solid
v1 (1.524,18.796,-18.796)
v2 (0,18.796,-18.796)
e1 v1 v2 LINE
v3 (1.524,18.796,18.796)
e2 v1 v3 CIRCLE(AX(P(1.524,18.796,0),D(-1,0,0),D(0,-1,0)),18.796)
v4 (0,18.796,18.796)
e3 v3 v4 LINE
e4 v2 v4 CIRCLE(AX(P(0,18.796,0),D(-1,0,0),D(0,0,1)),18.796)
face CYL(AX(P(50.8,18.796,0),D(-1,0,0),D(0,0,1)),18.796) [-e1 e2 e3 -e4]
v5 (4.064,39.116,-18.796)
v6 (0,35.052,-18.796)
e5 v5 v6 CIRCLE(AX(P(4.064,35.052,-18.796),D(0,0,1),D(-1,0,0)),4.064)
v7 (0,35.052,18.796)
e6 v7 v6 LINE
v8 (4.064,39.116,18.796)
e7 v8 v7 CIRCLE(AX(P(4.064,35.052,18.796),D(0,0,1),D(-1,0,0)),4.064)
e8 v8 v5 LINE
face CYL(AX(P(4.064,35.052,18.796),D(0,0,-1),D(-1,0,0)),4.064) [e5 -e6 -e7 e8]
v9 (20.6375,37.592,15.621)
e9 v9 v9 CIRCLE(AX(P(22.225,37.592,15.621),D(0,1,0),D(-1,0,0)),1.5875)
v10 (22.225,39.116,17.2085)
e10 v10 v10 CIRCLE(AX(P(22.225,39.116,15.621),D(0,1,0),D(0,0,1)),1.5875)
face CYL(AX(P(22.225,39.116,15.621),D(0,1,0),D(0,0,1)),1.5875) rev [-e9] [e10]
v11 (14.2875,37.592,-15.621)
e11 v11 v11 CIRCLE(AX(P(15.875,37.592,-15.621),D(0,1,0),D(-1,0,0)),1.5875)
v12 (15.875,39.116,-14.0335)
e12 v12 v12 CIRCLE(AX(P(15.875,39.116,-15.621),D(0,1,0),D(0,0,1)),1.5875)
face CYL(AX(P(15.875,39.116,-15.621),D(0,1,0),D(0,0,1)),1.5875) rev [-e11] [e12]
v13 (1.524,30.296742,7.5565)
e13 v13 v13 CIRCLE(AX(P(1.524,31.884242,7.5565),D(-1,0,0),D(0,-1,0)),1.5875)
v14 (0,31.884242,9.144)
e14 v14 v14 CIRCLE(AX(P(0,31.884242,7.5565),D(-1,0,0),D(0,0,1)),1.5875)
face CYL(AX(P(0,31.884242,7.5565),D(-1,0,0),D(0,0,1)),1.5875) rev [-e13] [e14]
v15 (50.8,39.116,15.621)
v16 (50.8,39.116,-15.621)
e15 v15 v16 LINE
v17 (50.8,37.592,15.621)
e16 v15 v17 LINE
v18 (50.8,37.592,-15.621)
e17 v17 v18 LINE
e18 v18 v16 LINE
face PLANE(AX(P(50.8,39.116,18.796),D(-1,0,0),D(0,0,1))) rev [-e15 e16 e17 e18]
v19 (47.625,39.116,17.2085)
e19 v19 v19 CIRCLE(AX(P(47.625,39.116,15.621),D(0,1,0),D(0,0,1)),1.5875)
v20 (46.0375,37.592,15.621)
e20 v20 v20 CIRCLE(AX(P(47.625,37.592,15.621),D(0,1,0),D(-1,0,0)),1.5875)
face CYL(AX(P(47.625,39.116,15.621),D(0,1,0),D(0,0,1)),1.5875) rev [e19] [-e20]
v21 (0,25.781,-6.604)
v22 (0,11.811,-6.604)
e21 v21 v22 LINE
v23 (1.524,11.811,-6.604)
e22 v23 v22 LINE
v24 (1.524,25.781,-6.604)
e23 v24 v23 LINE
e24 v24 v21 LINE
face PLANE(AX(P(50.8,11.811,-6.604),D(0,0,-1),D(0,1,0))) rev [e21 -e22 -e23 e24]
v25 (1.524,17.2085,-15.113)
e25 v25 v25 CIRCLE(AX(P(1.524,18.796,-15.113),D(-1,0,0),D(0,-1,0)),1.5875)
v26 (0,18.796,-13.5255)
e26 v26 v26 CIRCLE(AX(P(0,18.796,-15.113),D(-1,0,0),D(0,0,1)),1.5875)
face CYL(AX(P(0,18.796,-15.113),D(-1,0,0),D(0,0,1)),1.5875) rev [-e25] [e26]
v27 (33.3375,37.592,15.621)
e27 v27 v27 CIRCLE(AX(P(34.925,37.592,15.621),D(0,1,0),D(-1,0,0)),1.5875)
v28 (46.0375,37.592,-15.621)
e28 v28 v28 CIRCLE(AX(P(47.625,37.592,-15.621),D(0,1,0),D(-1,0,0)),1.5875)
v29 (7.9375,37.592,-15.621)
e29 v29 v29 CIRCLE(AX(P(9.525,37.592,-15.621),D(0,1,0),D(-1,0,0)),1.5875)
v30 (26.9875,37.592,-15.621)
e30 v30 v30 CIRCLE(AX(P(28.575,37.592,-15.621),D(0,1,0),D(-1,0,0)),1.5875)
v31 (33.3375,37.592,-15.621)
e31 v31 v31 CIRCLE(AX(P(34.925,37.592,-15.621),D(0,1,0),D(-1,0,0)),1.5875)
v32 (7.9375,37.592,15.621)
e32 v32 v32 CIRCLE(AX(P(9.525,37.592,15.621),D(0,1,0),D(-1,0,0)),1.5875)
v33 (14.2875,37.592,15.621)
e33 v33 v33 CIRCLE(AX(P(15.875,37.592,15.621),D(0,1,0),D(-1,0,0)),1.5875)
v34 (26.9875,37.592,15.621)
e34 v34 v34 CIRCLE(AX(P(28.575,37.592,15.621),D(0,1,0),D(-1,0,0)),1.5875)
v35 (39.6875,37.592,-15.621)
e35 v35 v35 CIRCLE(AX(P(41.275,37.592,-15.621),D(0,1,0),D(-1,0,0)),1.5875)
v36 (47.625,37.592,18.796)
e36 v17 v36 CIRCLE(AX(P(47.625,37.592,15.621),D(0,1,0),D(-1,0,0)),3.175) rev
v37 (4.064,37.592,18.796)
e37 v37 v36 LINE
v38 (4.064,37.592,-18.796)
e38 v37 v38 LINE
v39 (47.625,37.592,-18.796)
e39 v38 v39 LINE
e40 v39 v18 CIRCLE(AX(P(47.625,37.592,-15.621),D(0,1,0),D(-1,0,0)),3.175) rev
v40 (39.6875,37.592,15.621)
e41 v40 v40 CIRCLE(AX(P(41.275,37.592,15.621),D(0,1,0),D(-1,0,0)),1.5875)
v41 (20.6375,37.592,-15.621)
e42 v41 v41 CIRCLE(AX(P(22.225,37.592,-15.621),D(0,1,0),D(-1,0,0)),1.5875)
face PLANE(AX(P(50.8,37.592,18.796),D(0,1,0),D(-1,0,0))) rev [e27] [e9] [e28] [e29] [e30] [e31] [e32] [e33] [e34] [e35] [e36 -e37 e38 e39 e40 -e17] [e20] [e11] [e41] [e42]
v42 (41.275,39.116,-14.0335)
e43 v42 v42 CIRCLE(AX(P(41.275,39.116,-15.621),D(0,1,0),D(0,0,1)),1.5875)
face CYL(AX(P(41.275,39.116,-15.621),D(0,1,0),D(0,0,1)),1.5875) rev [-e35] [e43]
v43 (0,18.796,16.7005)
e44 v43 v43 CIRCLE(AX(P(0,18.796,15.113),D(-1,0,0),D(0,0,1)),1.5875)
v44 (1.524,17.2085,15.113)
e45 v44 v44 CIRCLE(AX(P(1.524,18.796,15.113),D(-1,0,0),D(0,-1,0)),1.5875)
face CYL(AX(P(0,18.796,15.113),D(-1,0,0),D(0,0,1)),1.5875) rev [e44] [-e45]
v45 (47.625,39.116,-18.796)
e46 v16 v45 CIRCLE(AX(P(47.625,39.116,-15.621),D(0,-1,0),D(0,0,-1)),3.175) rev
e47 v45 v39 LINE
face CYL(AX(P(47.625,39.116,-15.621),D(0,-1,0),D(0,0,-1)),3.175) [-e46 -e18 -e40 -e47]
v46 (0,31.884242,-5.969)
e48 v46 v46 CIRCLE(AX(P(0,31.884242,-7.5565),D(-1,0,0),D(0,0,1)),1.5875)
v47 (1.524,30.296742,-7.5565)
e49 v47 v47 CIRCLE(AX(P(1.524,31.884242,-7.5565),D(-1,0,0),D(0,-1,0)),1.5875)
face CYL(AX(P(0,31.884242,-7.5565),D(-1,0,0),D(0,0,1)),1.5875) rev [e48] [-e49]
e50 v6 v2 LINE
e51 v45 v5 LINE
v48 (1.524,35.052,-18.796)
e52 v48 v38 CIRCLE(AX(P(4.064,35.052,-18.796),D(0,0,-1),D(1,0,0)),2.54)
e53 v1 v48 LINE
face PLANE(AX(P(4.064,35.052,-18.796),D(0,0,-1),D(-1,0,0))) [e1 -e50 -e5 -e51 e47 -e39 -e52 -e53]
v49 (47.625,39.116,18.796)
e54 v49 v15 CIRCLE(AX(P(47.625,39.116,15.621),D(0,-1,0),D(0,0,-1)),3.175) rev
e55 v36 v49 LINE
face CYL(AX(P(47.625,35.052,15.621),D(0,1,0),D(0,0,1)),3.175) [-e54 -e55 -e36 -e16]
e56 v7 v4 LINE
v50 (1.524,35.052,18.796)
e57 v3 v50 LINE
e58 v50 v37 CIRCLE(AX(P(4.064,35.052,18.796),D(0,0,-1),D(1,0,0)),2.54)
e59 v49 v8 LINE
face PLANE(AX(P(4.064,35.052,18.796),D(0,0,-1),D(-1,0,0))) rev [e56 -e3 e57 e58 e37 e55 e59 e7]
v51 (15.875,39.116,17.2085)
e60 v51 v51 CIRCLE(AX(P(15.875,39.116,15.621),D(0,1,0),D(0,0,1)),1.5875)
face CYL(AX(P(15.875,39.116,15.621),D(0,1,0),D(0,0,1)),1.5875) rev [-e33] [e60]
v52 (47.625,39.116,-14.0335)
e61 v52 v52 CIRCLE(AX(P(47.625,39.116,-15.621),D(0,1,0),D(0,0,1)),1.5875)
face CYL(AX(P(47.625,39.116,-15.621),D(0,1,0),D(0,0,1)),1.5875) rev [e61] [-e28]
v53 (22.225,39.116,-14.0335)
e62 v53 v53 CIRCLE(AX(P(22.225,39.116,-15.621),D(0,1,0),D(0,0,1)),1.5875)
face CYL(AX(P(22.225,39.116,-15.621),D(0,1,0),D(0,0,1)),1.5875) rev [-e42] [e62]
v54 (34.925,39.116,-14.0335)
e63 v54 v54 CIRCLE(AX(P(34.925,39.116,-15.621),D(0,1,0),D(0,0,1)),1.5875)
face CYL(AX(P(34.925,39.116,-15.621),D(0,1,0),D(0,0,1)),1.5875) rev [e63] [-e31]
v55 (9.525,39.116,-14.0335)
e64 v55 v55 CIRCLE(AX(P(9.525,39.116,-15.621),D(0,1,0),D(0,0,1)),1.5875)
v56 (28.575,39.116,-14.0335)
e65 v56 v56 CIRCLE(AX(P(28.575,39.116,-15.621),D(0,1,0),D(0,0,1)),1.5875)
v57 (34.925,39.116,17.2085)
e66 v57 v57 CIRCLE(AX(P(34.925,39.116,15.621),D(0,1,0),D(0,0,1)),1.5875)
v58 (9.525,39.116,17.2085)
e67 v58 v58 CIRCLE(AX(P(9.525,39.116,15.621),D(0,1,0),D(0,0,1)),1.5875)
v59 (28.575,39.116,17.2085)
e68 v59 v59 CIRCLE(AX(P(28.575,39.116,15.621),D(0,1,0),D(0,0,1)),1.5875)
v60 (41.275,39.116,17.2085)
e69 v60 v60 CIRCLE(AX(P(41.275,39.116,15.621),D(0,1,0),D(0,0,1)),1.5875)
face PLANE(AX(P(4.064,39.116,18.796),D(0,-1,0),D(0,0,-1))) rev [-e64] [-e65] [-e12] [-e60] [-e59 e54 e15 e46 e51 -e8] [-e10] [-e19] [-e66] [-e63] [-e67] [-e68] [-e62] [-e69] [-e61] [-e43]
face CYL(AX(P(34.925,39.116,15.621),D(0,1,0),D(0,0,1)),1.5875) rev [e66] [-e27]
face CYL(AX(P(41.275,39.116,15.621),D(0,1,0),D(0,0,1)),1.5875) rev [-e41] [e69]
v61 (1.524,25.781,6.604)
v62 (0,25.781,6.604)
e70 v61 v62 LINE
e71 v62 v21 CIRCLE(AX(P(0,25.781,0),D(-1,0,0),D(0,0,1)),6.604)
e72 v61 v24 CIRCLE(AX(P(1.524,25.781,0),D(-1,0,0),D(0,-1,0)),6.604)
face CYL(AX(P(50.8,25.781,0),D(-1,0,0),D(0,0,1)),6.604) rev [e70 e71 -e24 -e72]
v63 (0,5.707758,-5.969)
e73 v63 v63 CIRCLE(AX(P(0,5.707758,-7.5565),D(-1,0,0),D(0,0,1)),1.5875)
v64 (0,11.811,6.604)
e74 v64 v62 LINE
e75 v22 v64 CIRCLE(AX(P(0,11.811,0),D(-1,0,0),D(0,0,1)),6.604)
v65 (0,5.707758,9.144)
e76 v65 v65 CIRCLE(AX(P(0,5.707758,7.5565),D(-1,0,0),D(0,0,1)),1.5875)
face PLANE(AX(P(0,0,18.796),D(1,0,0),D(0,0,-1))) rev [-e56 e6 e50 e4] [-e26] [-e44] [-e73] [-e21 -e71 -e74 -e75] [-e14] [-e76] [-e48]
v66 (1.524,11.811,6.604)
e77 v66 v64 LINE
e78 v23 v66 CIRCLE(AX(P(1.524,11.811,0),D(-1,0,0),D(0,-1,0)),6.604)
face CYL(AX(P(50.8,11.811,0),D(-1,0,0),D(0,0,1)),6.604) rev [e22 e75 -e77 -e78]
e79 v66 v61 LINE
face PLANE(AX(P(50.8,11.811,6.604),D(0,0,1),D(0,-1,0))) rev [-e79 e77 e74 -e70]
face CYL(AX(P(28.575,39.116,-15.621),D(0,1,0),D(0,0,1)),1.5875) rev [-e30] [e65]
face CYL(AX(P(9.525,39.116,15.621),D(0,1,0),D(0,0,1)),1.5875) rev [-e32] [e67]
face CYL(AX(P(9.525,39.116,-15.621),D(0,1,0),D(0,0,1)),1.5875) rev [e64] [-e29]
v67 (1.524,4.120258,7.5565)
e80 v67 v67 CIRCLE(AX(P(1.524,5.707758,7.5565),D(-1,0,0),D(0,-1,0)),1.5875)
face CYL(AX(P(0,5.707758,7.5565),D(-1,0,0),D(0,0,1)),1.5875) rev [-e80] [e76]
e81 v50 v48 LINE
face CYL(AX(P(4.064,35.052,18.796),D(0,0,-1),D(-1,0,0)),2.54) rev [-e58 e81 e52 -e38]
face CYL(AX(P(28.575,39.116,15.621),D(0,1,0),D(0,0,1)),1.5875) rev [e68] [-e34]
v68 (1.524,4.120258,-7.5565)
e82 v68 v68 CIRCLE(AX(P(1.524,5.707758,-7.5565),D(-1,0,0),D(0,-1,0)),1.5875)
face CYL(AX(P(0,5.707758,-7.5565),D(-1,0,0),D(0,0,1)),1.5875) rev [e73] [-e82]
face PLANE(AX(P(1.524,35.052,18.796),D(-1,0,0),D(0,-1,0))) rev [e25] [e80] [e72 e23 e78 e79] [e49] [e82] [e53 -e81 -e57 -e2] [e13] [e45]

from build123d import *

# Parameters (mm, degrees)
BOSS_EXTRUDE1_DEPTH          = 18.796
CUT_EXTRUDE1_DEPTH           = 67.813105541
CUT_EXTRUDE2_DEPTH           = 67.813105541
F_1_8_0_125_DIAMETER_HOLE2_D = 3.175
FILLET1_R                    = 3.175
F_1_8_0_125_DIAMETER_HOLE1_D = 3.175
LPATTERN1_COUNT              = 7
LPATTERN1_PITCH              = 6.35
MIRROR1_COPY_1_D             = 3.175
MIRROR1_COPY_2_D             = 3.175
MIRROR1_COPY_3_D             = 3.175
MIRROR1_COPY_4_D             = 3.175
MIRROR1_COPY_5_D             = 3.175
MIRROR1_COPY_6_D             = 3.175


with BuildPart() as part:
    # Sketch1 → Boss-Extrude1 (new, symmetric)
    with BuildSketch(Plane.XY):
        with BuildLine():
            Line((0, 0), (0, 35.052))
            ThreePointArc((0, 35.052), (1.190318041, 37.925681959), (4.064, 39.116))
            Line((4.064, 39.116), (50.8, 39.116))
            Line((50.8, 39.116), (50.8, 37.592))
            Line((50.8, 37.592), (4.064, 37.592))
            ThreePointArc((4.064, 37.592), (2.267948776, 36.848051224), (1.524, 35.052))
            Line((1.524, 35.052), (1.524, 0))
            Line((1.524, 0), (0, 0))
        make_face()
    extrude(amount=BOSS_EXTRUDE1_DEPTH, both=True)

    # Sketch2 → Cut-Extrude1 (cut, through all)
    with BuildSketch(Plane.ZY):
        with BuildLine():
            ThreePointArc((0, 0), (-13.290779059, 5.505220941), (-18.796, 18.796))
            Line((-18.796, 18.796), (-18.796, 0))
            Line((-18.796, 0), (0, 0))
        make_face()
        with BuildLine():
            ThreePointArc((18.796, 18.796), (13.290779059, 5.505220941), (0, 0))
            Line((0, 0), (18.796, 0))
            Line((18.796, 0), (18.796, 18.796))
        make_face()
    extrude(amount=-CUT_EXTRUDE1_DEPTH, mode=Mode.SUBTRACT)

    # Sketch3 → Cut-Extrude2 (cut, through all)
    with BuildSketch(Plane.ZY):
        with BuildLine():
            Line((-6.604, 11.811), (-6.604, 25.781))
            ThreePointArc((-6.604, 25.781), (0, 32.385), (6.604, 25.781))
            Line((6.604, 25.781), (6.604, 11.811))
            ThreePointArc((6.604, 11.811), (0, 5.207), (-6.604, 11.811))
        make_face()
    extrude(amount=-CUT_EXTRUDE2_DEPTH, mode=Mode.SUBTRACT)

    # 1/8 (0.125) Diameter Hole2 (through all)
    with Locations(Plane(origin=(0, 31.884241927, -7.5565), x_dir=(0, 0, -1), z_dir=(-1, 0, 0))):
        with Locations((0, 0), (-15.113, 0), (-22.6695, 13.088241927), (-15.113, 26.176483854), (0, 26.176483854), (7.5565, 13.088241927)):
            Hole(F_1_8_0_125_DIAMETER_HOLE2_D / 2)

    # Fillet1
    fillet1_edges = [part.edges().sort_by_distance(p)[0] for p in [
        (50.8, 38.354, 18.796),
        (50.8, 38.354, -18.796),
    ]]
    fillet(fillet1_edges, radius=FILLET1_R)

    # 1/8 (0.125) Diameter Hole1 (through all)
    with Locations(Plane(origin=(47.625, 39.116, -15.621), x_dir=(0, 0, 1), z_dir=(0, 1, 0))):
        with Locations((0, 0)):
            f_1_8_0_125_diameter_hole1 = Hole(F_1_8_0_125_DIAMETER_HOLE1_D / 2)

    # LPattern1: 1/8 (0.125) Diameter Hole1 ×7
    with Locations(*[(-i * LPATTERN1_PITCH, 0, 0) for i in range(1, LPATTERN1_COUNT)]):
        add(f_1_8_0_125_diameter_hole1, mode=Mode.SUBTRACT)

    # Mirror1: 1/8 (0.125) Diameter Hole1 across plane
    add(f_1_8_0_125_diameter_hole1.mirror(Plane.XY), mode=Mode.SUBTRACT)

    # Mirror1 copy 1 (through all)
    with Locations(Plane(origin=(41.275, 39.116, 15.621), x_dir=(0, 0, -1), z_dir=(0, 1, 0))):
        with Locations((0, 0)):
            Hole(MIRROR1_COPY_1_D / 2)

    # Mirror1 copy 2 (through all)
    with Locations(Plane(origin=(34.925, 39.116, 15.621), x_dir=(0, 0, -1), z_dir=(0, 1, 0))):
        with Locations((0, 0)):
            Hole(MIRROR1_COPY_2_D / 2)

    # Mirror1 copy 3 (through all)
    with Locations(Plane(origin=(28.575, 39.116, 15.621), x_dir=(0, 0, -1), z_dir=(0, 1, 0))):
        with Locations((0, 0)):
            Hole(MIRROR1_COPY_3_D / 2)

    # Mirror1 copy 4 (through all)
    with Locations(Plane(origin=(22.225, 39.116, 15.621), x_dir=(0, 0, -1), z_dir=(0, 1, 0))):
        with Locations((0, 0)):
            Hole(MIRROR1_COPY_4_D / 2)

    # Mirror1 copy 5 (through all)
    with Locations(Plane(origin=(15.875, 39.116, 15.621), x_dir=(0, 0, -1), z_dir=(0, 1, 0))):
        with Locations((0, 0)):
            Hole(MIRROR1_COPY_5_D / 2)

    # Mirror1 copy 6 (through all)
    with Locations(Plane(origin=(9.525, 39.116, 15.621), x_dir=(0, 0, -1), z_dir=(0, 1, 0))):
        with Locations((0, 0)):
            Hole(MIRROR1_COPY_6_D / 2)


solid = part.part
